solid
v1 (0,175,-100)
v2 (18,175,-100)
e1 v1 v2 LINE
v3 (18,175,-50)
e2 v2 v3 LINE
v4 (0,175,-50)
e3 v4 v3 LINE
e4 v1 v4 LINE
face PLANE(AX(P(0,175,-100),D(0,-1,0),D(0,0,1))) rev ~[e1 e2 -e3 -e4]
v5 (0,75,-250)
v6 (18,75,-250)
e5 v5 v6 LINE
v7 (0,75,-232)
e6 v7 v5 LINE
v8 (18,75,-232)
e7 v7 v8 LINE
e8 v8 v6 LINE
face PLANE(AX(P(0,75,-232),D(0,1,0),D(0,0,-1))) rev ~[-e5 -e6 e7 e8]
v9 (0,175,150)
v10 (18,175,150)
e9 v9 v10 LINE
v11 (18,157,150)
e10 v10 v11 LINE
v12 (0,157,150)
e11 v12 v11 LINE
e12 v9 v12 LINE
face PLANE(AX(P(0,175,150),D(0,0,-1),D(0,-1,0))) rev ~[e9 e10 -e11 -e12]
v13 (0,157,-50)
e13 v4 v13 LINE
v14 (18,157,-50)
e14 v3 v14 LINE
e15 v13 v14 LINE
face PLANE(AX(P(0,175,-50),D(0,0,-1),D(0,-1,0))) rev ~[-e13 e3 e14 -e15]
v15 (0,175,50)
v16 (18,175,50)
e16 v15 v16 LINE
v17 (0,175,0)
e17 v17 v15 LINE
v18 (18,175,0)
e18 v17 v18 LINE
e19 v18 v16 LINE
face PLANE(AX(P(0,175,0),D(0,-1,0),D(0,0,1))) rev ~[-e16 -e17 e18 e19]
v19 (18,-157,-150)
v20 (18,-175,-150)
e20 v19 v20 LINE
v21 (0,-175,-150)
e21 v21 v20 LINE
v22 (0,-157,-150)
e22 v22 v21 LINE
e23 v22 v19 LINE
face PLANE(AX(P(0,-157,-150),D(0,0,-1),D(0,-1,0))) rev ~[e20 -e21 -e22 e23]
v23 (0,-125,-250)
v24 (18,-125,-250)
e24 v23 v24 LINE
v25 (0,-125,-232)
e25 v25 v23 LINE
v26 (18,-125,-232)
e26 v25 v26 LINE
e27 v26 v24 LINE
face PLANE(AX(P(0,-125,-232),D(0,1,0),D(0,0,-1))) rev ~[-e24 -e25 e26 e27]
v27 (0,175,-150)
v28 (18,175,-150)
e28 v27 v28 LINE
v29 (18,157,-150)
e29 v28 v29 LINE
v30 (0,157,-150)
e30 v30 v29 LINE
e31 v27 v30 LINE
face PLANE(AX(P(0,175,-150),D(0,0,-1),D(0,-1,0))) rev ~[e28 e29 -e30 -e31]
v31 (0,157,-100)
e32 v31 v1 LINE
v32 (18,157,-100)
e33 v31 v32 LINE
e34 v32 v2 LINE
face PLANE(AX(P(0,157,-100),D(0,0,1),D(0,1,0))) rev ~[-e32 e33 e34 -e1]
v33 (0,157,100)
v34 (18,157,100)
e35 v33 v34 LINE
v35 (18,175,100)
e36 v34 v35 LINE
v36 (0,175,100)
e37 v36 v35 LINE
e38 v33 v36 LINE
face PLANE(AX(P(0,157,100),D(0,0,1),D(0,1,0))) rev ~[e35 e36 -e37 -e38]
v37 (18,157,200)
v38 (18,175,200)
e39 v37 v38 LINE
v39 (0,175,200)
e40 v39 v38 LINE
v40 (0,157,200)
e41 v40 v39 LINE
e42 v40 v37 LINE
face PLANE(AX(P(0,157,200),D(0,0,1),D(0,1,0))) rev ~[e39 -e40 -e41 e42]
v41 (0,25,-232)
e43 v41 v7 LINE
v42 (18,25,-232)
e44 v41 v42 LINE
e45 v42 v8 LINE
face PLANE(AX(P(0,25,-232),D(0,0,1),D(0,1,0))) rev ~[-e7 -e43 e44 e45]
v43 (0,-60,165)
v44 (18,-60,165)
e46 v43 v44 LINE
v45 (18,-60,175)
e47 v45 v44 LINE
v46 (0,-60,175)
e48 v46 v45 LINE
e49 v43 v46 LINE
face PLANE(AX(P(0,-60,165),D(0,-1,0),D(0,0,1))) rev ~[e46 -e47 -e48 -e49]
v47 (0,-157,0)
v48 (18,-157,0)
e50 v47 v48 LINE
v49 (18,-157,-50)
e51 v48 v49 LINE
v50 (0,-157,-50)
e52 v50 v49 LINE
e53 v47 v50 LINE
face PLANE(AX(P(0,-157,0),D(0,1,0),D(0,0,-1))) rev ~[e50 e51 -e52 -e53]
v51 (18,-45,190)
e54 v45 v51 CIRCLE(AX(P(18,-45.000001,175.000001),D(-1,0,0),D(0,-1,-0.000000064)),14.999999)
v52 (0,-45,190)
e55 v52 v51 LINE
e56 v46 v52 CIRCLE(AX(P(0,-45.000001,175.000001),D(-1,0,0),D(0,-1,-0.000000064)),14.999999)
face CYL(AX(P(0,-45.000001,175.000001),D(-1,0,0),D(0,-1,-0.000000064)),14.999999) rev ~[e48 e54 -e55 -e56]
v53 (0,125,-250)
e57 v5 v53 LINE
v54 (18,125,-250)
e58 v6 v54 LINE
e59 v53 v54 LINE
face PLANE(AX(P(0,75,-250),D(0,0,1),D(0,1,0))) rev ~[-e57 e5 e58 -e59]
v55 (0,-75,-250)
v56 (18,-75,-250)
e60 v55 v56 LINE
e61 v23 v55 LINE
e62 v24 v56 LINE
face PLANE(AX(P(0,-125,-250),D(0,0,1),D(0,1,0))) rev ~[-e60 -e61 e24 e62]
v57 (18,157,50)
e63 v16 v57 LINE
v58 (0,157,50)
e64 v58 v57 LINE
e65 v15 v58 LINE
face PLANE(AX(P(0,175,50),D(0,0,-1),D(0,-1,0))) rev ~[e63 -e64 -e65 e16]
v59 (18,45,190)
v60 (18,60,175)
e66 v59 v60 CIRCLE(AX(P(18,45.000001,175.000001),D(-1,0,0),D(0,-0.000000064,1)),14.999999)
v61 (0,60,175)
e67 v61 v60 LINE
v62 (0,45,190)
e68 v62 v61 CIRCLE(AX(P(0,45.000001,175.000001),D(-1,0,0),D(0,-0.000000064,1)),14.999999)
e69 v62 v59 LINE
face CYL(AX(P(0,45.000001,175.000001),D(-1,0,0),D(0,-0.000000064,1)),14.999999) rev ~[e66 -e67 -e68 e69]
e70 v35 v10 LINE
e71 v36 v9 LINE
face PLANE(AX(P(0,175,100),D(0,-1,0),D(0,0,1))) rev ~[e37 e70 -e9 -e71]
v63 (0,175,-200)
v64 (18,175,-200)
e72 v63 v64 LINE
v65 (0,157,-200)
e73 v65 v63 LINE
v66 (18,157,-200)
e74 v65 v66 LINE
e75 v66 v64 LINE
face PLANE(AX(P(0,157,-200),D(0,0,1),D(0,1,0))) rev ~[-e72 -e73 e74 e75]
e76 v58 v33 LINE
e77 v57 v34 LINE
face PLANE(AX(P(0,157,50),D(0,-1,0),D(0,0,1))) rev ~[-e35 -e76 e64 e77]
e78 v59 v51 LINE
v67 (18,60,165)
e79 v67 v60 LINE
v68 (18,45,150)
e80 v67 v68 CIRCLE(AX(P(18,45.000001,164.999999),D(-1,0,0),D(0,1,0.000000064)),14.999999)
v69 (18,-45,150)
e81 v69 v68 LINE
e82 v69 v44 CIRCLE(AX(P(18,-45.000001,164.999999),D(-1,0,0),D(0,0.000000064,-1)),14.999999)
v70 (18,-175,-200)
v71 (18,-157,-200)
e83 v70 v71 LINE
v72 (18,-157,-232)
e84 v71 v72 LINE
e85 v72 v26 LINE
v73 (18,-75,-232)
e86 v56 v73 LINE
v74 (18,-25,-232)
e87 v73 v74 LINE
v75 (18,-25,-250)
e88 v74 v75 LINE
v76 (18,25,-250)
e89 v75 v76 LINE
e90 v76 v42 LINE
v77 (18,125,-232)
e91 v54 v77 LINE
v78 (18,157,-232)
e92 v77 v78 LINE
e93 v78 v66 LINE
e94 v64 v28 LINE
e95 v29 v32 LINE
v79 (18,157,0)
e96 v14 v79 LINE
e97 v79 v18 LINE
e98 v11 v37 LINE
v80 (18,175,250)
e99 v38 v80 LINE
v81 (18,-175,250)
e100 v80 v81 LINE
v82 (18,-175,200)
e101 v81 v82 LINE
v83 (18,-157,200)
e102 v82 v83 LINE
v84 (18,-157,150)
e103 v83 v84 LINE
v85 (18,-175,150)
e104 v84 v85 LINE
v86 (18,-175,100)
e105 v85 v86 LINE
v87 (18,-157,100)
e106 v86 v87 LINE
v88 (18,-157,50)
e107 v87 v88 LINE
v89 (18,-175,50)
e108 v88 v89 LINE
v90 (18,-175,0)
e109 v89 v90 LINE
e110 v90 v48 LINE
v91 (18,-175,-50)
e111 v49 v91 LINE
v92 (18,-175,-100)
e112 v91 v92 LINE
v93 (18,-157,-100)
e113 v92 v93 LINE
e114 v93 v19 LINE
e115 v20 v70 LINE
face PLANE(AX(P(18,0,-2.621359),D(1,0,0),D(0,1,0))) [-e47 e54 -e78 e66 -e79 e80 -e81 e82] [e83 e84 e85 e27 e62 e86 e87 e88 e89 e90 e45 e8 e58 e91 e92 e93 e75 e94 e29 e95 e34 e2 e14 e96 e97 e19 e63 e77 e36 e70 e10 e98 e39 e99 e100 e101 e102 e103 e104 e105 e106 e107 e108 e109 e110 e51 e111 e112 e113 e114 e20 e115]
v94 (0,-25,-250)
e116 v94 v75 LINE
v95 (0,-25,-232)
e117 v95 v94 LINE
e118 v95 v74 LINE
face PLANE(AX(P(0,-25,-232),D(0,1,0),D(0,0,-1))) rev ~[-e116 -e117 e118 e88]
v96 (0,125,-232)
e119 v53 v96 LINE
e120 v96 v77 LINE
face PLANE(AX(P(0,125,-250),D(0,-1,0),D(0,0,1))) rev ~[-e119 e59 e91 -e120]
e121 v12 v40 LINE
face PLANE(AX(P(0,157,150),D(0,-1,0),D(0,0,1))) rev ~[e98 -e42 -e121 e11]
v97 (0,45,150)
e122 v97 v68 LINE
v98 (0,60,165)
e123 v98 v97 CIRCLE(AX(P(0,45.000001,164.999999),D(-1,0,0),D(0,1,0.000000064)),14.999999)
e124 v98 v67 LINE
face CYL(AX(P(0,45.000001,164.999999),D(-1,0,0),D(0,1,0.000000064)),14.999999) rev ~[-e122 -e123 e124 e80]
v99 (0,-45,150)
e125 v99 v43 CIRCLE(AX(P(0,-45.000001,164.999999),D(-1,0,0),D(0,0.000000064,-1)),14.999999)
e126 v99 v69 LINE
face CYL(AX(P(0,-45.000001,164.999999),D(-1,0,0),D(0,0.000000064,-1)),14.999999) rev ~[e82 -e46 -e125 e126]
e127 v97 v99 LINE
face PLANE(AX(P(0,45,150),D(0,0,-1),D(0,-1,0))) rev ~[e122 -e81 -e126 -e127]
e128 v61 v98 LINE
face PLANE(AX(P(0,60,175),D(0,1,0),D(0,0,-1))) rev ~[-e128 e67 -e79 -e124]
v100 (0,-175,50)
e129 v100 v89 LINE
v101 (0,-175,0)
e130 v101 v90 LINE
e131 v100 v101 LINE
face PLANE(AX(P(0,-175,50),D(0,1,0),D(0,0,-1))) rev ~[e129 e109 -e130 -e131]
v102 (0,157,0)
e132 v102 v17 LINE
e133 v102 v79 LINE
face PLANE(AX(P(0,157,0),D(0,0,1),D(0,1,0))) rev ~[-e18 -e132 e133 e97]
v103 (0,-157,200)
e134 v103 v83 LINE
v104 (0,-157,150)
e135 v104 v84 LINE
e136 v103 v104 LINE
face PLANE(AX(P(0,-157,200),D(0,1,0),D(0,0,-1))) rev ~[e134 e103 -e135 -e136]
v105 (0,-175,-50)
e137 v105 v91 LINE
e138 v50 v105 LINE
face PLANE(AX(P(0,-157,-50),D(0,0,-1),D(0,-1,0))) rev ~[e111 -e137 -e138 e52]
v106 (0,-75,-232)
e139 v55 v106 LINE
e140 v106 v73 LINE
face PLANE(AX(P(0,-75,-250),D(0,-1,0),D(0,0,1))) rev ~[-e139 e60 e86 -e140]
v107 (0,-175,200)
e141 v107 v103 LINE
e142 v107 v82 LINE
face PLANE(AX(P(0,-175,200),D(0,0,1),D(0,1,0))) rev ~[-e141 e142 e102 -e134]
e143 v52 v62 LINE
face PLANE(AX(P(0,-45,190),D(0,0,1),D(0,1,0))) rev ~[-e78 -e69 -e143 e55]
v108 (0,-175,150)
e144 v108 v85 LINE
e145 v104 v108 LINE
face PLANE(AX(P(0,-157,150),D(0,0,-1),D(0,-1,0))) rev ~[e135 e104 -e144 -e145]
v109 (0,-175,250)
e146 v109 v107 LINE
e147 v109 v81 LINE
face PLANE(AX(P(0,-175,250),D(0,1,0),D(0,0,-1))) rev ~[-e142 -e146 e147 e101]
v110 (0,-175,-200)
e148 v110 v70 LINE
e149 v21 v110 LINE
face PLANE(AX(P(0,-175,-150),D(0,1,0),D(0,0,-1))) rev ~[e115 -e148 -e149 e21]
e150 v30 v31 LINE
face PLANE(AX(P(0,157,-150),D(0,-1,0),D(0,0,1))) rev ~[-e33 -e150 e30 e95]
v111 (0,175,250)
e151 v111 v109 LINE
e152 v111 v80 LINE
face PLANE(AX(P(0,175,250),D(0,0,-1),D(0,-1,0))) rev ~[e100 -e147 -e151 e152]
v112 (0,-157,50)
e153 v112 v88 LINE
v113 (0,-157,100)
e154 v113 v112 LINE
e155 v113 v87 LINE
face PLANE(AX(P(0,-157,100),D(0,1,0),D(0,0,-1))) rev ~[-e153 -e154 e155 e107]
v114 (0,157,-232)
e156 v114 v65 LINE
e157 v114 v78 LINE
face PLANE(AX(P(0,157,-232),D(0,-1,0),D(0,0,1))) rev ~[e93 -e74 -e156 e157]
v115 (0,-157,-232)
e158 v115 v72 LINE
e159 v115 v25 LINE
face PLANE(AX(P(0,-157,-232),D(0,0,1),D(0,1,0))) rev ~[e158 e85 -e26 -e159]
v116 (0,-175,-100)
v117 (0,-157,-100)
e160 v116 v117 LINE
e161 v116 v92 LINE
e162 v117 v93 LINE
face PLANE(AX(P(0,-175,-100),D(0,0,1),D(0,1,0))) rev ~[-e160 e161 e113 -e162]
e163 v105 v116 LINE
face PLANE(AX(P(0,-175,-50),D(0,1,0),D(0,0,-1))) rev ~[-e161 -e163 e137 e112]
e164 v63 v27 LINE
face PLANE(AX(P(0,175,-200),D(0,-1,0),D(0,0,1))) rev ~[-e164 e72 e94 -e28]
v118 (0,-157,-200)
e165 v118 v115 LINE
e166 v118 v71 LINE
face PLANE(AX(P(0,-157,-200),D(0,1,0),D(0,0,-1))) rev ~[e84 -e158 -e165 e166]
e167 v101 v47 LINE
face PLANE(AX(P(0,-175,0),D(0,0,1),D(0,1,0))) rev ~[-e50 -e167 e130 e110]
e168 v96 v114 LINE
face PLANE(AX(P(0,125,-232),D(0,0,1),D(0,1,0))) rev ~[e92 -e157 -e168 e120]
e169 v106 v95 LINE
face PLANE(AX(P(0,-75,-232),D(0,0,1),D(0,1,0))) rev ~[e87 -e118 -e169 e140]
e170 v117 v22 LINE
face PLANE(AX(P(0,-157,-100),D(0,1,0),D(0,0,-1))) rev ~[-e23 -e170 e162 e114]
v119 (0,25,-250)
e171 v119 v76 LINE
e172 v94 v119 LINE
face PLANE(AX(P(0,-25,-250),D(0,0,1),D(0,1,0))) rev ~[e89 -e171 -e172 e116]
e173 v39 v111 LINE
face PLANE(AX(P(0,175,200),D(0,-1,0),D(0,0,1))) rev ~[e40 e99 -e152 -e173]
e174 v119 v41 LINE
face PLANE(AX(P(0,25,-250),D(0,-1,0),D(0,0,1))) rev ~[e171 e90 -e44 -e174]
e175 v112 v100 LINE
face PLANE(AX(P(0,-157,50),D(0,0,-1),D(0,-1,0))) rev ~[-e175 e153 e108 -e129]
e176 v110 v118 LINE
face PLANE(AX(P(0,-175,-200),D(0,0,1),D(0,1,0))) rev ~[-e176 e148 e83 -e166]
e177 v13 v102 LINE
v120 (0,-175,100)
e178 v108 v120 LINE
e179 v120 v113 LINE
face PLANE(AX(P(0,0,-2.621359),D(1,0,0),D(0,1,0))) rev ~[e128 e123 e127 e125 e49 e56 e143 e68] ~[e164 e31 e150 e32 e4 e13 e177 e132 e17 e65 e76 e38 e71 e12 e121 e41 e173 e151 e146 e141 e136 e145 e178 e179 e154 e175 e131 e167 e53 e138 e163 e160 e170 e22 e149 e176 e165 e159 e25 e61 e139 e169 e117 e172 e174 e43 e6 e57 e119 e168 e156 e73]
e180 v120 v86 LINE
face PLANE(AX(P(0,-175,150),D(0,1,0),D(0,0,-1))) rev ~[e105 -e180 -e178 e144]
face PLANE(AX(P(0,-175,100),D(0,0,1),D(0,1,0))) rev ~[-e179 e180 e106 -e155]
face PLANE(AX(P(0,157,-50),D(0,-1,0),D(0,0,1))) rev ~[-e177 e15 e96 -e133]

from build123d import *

# Parameters (mm, degrees)
F1_DEPTH = 18
F3_DEPTH = 25


with BuildPart() as f1:
    # F0 (on Right) → F1 (new body)
    with BuildSketch(Plane.YZ):
        Polygon((175, 250), (157, 250), (-157, 250), (-175, 250), (-175, 200), (-157, 200), (-157, 150), (-175, 150), (-175, 100), (-157, 100), (-157, 50), (-175, 50), (-175, 0), (-157, 0), (-157, -50), (-175, -50), (-175, -100), (-157, -100), (-157, -150), (-175, -150), (-175, -200), (-157, -200), (-157, -232), (-125, -232), (-125, -250), (-75, -250), (-75, -232), (-25, -232), (-25, -250), (25, -250), (25, -232), (75, -232), (75, -250), (125, -250), (125, -232), (157, -232), (157, -200), (175, -200), (175, -150), (157, -150), (157, -100), (175, -100), (175, -50), (157, -50), (157, 0), (175, 0), (175, 50), (157, 50), (157, 100), (175, 100), (175, 150), (157, 150), (157, 200), (175, 200), align=None)
    extrude(amount=F1_DEPTH)

    # F2 (on face) → F3 (cut)
    with BuildSketch(Plane(origin=(0, 0, 0), x_dir=(0, -1, 0), z_dir=(-1, 0, 0))):
        with BuildLine():
            Line((45, 190), (-45, 190))
            ThreePointArc((-45, 190), (-55.606602, 185.606602), (-60, 175))
            Line((-60, 175), (-60, 165))
            ThreePointArc((-60, 165), (-55.606602, 154.393398), (-45, 150))
            Line((-45, 150), (45, 150))
            ThreePointArc((45, 150), (55.606602, 154.393398), (60, 165))
            Line((60, 165), (60, 175))
            ThreePointArc((60, 175), (55.606602, 185.606602), (45, 190))
        make_face()
    extrude(amount=-F3_DEPTH, mode=Mode.SUBTRACT)


solid = f1.part
